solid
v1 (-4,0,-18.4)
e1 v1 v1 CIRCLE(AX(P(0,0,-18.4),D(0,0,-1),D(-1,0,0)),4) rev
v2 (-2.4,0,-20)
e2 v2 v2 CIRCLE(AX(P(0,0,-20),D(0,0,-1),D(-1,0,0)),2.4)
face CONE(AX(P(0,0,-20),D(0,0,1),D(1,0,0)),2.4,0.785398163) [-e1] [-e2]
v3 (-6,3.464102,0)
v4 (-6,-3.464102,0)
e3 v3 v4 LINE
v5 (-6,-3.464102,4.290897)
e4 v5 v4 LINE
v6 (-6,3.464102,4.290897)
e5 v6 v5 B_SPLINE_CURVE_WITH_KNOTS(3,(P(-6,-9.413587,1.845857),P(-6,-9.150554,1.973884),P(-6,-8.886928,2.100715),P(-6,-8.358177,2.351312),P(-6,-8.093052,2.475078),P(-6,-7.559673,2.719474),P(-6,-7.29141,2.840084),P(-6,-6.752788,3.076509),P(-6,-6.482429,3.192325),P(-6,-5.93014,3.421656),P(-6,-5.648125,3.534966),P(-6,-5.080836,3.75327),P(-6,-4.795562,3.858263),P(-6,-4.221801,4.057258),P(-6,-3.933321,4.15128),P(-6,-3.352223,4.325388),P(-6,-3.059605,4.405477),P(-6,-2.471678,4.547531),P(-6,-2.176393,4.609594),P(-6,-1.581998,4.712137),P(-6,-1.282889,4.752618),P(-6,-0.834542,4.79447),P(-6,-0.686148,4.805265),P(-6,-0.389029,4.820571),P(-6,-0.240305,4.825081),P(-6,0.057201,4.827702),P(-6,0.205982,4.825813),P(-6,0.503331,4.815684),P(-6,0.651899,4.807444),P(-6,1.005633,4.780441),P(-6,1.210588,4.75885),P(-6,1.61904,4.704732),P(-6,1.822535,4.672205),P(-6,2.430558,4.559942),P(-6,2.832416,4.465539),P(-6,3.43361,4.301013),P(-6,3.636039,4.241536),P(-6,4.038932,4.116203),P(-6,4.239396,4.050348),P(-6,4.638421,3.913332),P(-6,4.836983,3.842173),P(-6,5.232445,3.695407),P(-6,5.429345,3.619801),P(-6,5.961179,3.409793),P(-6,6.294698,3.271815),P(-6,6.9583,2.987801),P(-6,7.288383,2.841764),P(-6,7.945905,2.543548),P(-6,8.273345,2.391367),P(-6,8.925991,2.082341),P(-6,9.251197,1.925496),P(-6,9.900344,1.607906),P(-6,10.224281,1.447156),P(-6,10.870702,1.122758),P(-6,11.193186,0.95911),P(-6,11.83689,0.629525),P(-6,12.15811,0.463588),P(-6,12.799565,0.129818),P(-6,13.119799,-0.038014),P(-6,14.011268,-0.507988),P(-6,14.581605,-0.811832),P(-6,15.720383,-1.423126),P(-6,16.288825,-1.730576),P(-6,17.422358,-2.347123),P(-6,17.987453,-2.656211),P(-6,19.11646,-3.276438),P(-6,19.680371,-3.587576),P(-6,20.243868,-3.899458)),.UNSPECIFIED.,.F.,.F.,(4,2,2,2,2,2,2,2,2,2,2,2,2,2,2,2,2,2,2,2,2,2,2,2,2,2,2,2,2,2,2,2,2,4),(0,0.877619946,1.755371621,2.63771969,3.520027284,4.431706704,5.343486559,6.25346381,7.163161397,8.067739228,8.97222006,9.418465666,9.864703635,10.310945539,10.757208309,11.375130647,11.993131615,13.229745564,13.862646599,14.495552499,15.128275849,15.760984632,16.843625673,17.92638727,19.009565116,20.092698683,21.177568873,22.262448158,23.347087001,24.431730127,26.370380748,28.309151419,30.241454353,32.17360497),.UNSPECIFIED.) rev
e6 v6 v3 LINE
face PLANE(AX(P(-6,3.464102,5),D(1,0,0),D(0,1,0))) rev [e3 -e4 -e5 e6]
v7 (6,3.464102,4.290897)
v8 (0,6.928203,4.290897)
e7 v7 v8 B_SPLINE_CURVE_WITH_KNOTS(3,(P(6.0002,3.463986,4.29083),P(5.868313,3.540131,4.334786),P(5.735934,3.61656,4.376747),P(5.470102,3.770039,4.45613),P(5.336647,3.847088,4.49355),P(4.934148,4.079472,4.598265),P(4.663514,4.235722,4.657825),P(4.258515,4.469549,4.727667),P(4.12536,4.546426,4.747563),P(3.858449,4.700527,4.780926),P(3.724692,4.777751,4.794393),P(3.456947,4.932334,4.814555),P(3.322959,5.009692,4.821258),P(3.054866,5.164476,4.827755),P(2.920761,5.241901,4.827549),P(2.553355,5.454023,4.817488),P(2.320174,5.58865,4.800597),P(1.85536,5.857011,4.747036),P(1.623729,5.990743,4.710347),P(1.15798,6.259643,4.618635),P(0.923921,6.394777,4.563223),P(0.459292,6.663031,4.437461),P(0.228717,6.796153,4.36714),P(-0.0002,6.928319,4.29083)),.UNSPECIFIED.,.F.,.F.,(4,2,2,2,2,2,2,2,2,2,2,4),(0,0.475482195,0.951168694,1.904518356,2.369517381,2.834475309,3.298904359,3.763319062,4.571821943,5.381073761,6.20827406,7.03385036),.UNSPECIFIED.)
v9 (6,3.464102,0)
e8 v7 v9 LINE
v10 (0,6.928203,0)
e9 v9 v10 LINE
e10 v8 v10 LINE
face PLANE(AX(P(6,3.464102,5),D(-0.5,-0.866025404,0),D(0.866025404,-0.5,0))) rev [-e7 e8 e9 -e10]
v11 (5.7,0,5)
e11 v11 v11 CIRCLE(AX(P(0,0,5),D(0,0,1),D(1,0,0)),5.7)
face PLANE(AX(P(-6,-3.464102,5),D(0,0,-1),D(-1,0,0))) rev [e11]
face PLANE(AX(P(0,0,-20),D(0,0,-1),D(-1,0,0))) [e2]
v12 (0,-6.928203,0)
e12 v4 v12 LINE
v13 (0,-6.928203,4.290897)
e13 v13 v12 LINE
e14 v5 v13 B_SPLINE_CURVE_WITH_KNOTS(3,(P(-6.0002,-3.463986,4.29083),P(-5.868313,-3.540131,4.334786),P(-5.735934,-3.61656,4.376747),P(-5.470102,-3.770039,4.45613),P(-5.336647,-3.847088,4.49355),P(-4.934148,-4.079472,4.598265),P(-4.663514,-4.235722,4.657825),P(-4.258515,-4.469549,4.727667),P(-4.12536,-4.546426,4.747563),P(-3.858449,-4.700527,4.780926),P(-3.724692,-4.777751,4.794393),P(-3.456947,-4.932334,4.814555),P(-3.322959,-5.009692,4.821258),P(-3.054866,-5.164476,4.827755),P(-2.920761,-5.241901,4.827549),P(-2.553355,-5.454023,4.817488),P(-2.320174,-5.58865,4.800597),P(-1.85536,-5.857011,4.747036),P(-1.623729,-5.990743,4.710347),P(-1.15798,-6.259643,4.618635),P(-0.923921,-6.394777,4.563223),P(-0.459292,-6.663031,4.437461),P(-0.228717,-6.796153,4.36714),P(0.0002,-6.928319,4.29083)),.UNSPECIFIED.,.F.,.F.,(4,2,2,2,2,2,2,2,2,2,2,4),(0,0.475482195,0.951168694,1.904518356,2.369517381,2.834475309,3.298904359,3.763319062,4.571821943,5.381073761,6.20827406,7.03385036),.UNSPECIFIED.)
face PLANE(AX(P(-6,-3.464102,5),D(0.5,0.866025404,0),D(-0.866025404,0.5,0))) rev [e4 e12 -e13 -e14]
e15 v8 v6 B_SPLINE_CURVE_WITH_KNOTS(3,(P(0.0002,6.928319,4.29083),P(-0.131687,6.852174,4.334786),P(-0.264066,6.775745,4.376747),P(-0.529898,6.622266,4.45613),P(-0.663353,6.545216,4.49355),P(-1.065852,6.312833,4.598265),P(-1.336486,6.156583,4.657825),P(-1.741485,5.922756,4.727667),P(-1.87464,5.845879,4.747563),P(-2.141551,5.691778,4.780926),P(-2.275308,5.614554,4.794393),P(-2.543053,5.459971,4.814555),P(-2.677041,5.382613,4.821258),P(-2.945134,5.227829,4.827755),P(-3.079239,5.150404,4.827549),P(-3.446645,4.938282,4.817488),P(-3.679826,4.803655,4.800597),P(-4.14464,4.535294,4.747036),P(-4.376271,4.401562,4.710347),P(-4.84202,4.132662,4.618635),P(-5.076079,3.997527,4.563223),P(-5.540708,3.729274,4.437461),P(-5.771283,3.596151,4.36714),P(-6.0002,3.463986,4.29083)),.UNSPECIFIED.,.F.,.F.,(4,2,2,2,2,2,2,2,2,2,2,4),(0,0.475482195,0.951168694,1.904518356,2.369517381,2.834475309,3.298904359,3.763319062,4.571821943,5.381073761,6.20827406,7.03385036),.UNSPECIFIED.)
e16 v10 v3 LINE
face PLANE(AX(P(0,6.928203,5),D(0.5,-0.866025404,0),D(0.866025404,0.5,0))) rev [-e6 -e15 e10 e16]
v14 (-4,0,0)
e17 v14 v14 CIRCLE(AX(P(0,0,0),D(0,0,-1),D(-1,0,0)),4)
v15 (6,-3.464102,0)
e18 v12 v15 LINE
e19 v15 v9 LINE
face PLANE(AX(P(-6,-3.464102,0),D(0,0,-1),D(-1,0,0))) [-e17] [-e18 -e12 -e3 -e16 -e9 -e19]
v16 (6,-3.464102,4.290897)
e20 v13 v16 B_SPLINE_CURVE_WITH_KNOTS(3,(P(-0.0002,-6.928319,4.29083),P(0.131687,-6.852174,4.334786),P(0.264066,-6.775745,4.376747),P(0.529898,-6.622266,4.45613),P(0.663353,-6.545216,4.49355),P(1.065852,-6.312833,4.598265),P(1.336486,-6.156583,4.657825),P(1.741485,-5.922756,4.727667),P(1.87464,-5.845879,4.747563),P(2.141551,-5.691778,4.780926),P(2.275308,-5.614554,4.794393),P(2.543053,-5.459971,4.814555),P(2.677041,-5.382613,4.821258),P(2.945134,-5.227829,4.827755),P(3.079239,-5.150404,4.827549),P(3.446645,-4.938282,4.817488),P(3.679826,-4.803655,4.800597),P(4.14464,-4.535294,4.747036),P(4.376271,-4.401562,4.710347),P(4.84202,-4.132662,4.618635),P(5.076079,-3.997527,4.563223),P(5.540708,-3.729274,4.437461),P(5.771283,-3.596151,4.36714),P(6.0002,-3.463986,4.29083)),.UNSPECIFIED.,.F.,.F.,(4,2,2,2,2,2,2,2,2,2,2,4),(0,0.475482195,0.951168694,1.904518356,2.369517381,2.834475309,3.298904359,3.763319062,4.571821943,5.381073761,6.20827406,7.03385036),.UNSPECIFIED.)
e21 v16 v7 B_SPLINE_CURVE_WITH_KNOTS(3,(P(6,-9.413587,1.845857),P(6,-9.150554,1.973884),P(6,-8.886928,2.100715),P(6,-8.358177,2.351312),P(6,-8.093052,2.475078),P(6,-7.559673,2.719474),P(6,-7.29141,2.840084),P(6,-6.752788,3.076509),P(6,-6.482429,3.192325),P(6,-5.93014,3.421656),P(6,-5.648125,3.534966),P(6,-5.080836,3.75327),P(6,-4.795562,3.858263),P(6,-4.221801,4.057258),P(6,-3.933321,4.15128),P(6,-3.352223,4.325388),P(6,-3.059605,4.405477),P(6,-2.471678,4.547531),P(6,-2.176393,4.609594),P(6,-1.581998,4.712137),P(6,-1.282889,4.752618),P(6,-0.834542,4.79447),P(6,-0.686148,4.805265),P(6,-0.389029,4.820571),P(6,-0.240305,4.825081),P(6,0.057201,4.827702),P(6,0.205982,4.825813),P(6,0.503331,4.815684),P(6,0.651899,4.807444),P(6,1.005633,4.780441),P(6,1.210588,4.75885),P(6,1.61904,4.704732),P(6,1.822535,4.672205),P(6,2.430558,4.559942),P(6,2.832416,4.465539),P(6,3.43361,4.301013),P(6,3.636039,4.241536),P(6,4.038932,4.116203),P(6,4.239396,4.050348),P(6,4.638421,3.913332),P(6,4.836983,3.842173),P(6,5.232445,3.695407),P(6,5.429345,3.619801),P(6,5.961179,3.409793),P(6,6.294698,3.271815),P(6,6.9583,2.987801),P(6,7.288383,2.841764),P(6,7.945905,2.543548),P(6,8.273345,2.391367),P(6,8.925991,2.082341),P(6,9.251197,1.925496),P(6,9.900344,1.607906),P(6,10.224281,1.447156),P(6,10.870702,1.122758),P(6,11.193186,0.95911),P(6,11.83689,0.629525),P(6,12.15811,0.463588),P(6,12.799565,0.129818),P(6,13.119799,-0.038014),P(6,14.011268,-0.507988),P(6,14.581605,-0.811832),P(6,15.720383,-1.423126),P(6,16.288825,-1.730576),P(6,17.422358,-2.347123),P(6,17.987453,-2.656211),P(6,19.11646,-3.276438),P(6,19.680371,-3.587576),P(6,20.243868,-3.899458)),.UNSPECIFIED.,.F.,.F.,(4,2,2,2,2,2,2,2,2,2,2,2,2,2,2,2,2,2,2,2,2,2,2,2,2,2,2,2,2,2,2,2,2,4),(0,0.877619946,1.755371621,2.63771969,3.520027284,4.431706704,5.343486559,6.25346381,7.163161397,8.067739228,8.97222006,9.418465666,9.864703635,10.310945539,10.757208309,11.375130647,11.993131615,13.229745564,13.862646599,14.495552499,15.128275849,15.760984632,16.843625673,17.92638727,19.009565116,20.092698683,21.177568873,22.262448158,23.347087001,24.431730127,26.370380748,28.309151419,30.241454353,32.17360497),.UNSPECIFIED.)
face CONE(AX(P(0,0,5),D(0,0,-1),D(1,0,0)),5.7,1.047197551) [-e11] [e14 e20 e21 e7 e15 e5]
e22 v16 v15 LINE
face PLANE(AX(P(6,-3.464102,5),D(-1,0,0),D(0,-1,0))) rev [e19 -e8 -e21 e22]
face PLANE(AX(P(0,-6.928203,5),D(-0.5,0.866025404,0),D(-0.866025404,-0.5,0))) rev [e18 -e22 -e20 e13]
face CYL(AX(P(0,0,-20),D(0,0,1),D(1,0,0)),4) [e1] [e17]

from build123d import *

# Parameters (mm, degrees)
EXTRUDE_339_DEPTH     = 5
SKETCH_D_OUTSIDE_W    = 52.442
SKETCH_D_OUTSIDE_H    = 54.298
SKETCH_D_OUTSIDE_R    = 5.7
CUT_EXTRUDE_383_DEPTH = 10
CUT_EXTRUDE_383_DRAFT = -60
SKETCH_418_R          = 4
EXTRUDE_481_DEPTH     = 20
CHAMFER_526_SIZE      = 1.6


with BuildPart() as part:
    # Sketch 332 → Extrude 339 (new body)
    with BuildSketch(Plane.XY):
        Polygon((0, -6.92820323), (6, -3.464101615), (6, 3.464101615), (0, 6.92820323), (-6, 3.464101615), (-6, -3.464101615), align=None)
    extrude(amount=EXTRUDE_339_DEPTH)


with BuildPart() as cut_extrude_383_tool:
    # D outside → Cut-Extrude 383 (with draft: the straight prism first)
    with BuildSketch(Plane.XY.offset(5)):
        Rectangle(SKETCH_D_OUTSIDE_W, SKETCH_D_OUTSIDE_H)
        Circle(SKETCH_D_OUTSIDE_R, mode=Mode.SUBTRACT)
    extrude(amount=-CUT_EXTRUDE_383_DEPTH)
    # Cut-Extrude 383: the draft: its side faces are tilted about the plane it starts from
    cut_extrude_383_sides = [cut_extrude_383_tool.faces().sort_by_distance(p)[0] for p in [
        (0, -27.149, 0),
        (26.221, 0, 0),
        (0, 27.149, 0),
        (-26.221, 0, 0),
        (-5.7, 0, 0),
    ]]
    draft(cut_extrude_383_sides, Plane.XY.offset(5), CUT_EXTRUDE_383_DRAFT)


with BuildPart() as part_1:
    add(part.part)

    # Cut-Extrude 383: cut by cut_extrude_383_tool
    add(cut_extrude_383_tool.part, mode=Mode.SUBTRACT)

    # Sketch 418 → Extrude 481 (add)
    with BuildSketch(Plane(origin=(0, 0, 0), x_dir=(-1, 0, 0), z_dir=(0, 0, -1))):
        Circle(SKETCH_418_R)
    extrude(amount=EXTRUDE_481_DEPTH)

    # Chamfer 526
    chamfer_526_edges = [part_1.edges().sort_by_distance(p)[0] for p in [
        (4, 0, -20),
    ]]
    chamfer(chamfer_526_edges, length=CHAMFER_526_SIZE)


solid = part_1.part
